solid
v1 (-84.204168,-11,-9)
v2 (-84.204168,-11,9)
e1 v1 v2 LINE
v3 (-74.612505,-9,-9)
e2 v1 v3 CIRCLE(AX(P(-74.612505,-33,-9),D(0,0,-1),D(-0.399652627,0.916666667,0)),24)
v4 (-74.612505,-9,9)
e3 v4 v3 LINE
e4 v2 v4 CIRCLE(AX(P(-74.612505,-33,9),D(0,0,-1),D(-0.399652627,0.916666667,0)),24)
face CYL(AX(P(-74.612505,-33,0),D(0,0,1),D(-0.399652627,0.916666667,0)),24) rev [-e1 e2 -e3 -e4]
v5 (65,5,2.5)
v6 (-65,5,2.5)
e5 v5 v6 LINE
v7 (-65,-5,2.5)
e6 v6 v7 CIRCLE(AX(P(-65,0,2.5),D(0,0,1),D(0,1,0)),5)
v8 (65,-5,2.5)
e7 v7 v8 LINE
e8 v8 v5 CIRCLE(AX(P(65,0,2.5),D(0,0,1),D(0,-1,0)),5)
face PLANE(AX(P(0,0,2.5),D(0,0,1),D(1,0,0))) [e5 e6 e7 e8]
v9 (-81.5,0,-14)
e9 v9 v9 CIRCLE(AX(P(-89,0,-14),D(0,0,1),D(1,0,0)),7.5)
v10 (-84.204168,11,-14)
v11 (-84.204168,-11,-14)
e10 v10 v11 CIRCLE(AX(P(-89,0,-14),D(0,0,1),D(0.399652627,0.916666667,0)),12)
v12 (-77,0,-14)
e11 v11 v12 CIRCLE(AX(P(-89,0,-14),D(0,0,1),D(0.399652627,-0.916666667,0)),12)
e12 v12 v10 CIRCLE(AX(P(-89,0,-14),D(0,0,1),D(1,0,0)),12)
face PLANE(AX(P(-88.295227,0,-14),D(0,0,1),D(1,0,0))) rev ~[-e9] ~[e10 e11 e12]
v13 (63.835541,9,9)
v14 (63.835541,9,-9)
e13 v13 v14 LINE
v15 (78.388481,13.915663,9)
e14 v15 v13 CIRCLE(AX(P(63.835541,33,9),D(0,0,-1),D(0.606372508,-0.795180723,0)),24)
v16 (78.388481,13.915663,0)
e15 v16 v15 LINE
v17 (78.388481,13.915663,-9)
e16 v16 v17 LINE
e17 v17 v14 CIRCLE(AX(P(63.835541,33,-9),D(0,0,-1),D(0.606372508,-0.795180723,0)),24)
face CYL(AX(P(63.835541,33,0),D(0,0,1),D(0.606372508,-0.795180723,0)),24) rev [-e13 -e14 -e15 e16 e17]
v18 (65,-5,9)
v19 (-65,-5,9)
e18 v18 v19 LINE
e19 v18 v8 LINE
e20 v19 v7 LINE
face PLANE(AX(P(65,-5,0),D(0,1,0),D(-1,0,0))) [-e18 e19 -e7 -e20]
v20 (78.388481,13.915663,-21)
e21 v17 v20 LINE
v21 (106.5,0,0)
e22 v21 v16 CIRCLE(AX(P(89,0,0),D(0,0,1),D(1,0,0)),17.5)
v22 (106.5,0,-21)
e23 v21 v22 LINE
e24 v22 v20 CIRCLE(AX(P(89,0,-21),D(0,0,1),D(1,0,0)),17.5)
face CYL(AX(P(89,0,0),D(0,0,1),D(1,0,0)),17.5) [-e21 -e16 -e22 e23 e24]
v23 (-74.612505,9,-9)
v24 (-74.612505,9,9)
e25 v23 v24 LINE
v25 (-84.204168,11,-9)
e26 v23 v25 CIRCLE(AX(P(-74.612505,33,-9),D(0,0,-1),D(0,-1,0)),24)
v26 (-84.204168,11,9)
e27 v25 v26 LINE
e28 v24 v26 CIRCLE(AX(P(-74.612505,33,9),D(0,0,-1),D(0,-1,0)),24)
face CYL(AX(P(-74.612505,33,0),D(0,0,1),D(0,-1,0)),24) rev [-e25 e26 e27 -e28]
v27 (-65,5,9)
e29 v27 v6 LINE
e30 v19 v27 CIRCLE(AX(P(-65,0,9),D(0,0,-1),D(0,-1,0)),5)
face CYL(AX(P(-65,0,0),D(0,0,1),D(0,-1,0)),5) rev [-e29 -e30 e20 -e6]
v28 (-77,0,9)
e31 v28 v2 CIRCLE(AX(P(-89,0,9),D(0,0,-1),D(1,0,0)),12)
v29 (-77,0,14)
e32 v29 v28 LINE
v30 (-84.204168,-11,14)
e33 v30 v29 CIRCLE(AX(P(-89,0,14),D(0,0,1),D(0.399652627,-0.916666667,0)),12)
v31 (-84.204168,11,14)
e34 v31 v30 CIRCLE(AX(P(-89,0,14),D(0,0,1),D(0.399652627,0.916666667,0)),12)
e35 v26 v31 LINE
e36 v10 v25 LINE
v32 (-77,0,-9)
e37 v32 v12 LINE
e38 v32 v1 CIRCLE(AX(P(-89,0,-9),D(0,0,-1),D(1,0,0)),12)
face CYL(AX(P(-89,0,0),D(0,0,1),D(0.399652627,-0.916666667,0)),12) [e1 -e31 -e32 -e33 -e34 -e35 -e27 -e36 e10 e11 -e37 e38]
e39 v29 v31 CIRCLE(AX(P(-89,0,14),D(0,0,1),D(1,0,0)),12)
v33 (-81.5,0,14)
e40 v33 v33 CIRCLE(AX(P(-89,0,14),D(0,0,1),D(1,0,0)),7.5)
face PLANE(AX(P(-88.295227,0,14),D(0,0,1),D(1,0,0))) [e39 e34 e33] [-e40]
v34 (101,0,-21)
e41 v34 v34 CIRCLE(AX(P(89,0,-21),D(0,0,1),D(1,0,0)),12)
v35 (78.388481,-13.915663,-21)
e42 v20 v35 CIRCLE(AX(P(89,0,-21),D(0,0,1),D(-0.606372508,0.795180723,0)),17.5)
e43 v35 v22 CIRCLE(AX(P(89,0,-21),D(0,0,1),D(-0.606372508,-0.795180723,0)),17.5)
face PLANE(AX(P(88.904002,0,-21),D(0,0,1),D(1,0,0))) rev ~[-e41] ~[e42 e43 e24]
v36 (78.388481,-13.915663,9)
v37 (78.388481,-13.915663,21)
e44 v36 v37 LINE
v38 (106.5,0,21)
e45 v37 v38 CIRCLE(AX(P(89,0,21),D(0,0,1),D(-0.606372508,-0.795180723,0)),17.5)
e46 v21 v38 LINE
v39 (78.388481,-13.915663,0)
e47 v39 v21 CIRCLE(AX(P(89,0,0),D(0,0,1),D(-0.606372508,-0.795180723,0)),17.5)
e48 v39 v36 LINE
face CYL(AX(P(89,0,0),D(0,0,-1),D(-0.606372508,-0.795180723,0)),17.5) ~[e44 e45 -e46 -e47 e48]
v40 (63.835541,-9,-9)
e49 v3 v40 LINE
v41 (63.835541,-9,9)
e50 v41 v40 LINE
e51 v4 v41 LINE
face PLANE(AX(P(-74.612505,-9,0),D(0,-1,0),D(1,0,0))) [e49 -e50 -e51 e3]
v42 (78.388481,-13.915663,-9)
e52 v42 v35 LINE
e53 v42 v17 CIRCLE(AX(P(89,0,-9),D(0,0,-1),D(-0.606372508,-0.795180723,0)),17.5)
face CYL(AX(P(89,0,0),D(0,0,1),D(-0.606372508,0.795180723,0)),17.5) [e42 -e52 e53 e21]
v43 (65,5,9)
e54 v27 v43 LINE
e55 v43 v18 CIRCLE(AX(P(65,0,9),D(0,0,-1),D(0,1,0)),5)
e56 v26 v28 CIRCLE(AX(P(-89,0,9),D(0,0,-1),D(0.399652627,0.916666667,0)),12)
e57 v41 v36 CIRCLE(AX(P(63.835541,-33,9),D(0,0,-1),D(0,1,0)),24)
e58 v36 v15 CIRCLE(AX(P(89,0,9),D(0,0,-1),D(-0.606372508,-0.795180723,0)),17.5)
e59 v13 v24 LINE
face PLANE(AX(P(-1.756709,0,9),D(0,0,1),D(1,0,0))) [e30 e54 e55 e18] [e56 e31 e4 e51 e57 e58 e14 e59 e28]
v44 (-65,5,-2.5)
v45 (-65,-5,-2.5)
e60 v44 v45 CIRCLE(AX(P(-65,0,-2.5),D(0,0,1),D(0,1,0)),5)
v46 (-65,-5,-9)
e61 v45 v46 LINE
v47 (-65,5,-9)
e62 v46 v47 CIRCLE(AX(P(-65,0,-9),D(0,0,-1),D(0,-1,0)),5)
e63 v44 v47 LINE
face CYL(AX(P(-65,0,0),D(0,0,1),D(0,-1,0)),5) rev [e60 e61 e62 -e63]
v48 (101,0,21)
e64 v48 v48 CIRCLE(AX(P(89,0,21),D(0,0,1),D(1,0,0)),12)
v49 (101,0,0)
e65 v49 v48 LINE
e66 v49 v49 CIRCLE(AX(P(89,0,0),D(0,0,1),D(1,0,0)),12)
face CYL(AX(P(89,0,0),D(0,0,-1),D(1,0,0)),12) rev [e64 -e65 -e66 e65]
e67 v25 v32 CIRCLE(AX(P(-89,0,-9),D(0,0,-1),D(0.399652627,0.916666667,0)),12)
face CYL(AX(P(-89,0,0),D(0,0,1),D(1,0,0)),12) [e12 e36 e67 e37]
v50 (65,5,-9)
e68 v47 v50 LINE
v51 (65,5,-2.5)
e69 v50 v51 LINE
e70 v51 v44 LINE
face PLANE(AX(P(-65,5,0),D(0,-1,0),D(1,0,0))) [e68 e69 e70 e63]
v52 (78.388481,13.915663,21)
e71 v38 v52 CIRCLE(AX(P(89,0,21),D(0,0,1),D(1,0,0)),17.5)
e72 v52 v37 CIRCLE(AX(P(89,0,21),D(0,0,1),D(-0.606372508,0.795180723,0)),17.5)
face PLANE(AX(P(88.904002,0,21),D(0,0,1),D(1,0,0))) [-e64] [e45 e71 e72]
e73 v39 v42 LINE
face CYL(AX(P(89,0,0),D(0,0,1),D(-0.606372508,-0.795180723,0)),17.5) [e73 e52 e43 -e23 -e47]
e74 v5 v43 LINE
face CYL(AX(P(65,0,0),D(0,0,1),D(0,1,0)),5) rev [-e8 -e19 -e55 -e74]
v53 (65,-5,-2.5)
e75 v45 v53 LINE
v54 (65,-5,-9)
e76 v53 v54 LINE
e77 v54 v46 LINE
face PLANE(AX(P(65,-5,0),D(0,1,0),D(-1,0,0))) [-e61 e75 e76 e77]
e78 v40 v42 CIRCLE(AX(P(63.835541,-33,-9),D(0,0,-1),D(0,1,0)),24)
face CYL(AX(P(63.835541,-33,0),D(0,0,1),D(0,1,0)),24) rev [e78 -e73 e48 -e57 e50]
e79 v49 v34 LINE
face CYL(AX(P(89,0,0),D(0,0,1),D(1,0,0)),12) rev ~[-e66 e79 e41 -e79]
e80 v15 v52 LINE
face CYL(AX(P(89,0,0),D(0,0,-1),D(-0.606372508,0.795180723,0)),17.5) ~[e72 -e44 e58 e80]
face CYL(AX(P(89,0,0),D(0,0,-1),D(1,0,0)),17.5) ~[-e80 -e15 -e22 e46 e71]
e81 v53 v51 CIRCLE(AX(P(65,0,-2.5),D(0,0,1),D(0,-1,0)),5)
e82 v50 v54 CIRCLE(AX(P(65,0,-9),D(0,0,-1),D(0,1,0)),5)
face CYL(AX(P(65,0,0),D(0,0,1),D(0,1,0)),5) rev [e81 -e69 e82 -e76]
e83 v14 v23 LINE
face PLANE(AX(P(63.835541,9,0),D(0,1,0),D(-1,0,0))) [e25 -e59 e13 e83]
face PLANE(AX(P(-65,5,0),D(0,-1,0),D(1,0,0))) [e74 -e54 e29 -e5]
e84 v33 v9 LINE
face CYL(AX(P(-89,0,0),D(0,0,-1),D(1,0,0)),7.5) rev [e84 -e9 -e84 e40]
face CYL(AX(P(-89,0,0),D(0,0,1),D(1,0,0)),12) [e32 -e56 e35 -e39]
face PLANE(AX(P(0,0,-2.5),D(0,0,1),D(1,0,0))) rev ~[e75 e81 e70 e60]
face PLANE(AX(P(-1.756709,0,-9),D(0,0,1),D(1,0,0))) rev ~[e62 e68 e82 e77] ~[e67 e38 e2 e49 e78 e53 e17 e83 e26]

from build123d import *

# Parameters (mm, degrees)
SKETCH1_R           = 7.5
BOSS_EXTRUDE1_DEPTH = 14
SKETCH1_3_R         = 12
BOSS_EXTRUDE2_DEPTH = 21
BOSS_EXTRUDE3_DEPTH = 9
BOSS_EXTRUDE4_DEPTH = 2.5


with BuildPart() as part:
    # Sketch1 → Boss-Extrude1 (new, symmetric)
    with BuildSketch(Plane.XY):
        with BuildLine():
            ThreePointArc((-77, 0), (-78.96132533, 6.574573055), (-84.204168477, 11))
            ThreePointArc((-84.204168477, 11), (-101, 0), (-84.204168477, -11))
            ThreePointArc((-84.204168477, -11), (-78.96132533, -6.574573055), (-77, 0))
        make_face()
        with Locations((-89, 0)):
            Circle(SKETCH1_R, mode=Mode.SUBTRACT)
    extrude(amount=BOSS_EXTRUDE1_DEPTH, both=True)



with BuildPart() as body_2:
    # Sketch1<3> → Boss-Extrude2 (new, symmetric)
    with BuildSketch(Plane.XY):
        with BuildLine():
            ThreePointArc((106.5, 0), (96.76364668, 15.683615343), (78.388481117, 13.915662651))
            ThreePointArc((78.388481117, 13.915662651), (71.5, 0), (78.388481117, -13.915662651))
            ThreePointArc((78.388481117, -13.915662651), (96.76364668, -15.683615343), (106.5, 0))
        make_face()
        with Locations((89, 0)):
            Circle(SKETCH1_3_R, mode=Mode.SUBTRACT)
    extrude(amount=BOSS_EXTRUDE2_DEPTH, both=True)


with BuildPart() as part_1:
    add(part.part)

    add(body_2.part)  # Boss-Extrude3 merges body 2
    # Sketch1<4> → Boss-Extrude3 (add, symmetric)
    with BuildSketch(Plane.XY):
        with BuildLine():
            Line((63.835540936, 9), (-74.61250543, 9))
            ThreePointArc((-74.61250543, 9), (-79.511484916, 9.505319751), (-84.204168477, 11))
            ThreePointArc((-84.204168477, 11), (-78.96132533, 6.574573055), (-77, 0))
            ThreePointArc((-77, 0), (-78.96132533, -6.574573055), (-84.204168477, -11))
            ThreePointArc((-84.204168477, -11), (-79.511484916, -9.505319751), (-74.61250543, -9))
            Line((-74.61250543, -9), (63.835540936, -9))
            ThreePointArc((63.835540936, -9), (71.515902373, -10.26210106), (78.388481117, -13.915662651))
            ThreePointArc((78.388481117, -13.915662651), (71.5, 0), (78.388481117, 13.915662651))
            ThreePointArc((78.388481117, 13.915662651), (71.515902373, 10.26210106), (63.835540936, 9))
        make_face()
        with BuildLine():
            ThreePointArc((65, 5), (70, 0), (65, -5))
            Line((65, -5), (-65, -5))
            ThreePointArc((-65, -5), (-70, 0), (-65, 5))
            Line((-65, 5), (65, 5))
        make_face(mode=Mode.SUBTRACT)
    extrude(amount=BOSS_EXTRUDE3_DEPTH, both=True)

    # Sketch1<5> → Boss-Extrude4 (add, symmetric)
    with BuildSketch(Plane.XY):
        with BuildLine():
            Line((-65, -5), (65, -5))
            ThreePointArc((65, -5), (70, 0), (65, 5))
            Line((65, 5), (-65, 5))
            ThreePointArc((-65, 5), (-70, 0), (-65, -5))
        make_face()
    extrude(amount=BOSS_EXTRUDE4_DEPTH, both=True)


solid = part_1.part
